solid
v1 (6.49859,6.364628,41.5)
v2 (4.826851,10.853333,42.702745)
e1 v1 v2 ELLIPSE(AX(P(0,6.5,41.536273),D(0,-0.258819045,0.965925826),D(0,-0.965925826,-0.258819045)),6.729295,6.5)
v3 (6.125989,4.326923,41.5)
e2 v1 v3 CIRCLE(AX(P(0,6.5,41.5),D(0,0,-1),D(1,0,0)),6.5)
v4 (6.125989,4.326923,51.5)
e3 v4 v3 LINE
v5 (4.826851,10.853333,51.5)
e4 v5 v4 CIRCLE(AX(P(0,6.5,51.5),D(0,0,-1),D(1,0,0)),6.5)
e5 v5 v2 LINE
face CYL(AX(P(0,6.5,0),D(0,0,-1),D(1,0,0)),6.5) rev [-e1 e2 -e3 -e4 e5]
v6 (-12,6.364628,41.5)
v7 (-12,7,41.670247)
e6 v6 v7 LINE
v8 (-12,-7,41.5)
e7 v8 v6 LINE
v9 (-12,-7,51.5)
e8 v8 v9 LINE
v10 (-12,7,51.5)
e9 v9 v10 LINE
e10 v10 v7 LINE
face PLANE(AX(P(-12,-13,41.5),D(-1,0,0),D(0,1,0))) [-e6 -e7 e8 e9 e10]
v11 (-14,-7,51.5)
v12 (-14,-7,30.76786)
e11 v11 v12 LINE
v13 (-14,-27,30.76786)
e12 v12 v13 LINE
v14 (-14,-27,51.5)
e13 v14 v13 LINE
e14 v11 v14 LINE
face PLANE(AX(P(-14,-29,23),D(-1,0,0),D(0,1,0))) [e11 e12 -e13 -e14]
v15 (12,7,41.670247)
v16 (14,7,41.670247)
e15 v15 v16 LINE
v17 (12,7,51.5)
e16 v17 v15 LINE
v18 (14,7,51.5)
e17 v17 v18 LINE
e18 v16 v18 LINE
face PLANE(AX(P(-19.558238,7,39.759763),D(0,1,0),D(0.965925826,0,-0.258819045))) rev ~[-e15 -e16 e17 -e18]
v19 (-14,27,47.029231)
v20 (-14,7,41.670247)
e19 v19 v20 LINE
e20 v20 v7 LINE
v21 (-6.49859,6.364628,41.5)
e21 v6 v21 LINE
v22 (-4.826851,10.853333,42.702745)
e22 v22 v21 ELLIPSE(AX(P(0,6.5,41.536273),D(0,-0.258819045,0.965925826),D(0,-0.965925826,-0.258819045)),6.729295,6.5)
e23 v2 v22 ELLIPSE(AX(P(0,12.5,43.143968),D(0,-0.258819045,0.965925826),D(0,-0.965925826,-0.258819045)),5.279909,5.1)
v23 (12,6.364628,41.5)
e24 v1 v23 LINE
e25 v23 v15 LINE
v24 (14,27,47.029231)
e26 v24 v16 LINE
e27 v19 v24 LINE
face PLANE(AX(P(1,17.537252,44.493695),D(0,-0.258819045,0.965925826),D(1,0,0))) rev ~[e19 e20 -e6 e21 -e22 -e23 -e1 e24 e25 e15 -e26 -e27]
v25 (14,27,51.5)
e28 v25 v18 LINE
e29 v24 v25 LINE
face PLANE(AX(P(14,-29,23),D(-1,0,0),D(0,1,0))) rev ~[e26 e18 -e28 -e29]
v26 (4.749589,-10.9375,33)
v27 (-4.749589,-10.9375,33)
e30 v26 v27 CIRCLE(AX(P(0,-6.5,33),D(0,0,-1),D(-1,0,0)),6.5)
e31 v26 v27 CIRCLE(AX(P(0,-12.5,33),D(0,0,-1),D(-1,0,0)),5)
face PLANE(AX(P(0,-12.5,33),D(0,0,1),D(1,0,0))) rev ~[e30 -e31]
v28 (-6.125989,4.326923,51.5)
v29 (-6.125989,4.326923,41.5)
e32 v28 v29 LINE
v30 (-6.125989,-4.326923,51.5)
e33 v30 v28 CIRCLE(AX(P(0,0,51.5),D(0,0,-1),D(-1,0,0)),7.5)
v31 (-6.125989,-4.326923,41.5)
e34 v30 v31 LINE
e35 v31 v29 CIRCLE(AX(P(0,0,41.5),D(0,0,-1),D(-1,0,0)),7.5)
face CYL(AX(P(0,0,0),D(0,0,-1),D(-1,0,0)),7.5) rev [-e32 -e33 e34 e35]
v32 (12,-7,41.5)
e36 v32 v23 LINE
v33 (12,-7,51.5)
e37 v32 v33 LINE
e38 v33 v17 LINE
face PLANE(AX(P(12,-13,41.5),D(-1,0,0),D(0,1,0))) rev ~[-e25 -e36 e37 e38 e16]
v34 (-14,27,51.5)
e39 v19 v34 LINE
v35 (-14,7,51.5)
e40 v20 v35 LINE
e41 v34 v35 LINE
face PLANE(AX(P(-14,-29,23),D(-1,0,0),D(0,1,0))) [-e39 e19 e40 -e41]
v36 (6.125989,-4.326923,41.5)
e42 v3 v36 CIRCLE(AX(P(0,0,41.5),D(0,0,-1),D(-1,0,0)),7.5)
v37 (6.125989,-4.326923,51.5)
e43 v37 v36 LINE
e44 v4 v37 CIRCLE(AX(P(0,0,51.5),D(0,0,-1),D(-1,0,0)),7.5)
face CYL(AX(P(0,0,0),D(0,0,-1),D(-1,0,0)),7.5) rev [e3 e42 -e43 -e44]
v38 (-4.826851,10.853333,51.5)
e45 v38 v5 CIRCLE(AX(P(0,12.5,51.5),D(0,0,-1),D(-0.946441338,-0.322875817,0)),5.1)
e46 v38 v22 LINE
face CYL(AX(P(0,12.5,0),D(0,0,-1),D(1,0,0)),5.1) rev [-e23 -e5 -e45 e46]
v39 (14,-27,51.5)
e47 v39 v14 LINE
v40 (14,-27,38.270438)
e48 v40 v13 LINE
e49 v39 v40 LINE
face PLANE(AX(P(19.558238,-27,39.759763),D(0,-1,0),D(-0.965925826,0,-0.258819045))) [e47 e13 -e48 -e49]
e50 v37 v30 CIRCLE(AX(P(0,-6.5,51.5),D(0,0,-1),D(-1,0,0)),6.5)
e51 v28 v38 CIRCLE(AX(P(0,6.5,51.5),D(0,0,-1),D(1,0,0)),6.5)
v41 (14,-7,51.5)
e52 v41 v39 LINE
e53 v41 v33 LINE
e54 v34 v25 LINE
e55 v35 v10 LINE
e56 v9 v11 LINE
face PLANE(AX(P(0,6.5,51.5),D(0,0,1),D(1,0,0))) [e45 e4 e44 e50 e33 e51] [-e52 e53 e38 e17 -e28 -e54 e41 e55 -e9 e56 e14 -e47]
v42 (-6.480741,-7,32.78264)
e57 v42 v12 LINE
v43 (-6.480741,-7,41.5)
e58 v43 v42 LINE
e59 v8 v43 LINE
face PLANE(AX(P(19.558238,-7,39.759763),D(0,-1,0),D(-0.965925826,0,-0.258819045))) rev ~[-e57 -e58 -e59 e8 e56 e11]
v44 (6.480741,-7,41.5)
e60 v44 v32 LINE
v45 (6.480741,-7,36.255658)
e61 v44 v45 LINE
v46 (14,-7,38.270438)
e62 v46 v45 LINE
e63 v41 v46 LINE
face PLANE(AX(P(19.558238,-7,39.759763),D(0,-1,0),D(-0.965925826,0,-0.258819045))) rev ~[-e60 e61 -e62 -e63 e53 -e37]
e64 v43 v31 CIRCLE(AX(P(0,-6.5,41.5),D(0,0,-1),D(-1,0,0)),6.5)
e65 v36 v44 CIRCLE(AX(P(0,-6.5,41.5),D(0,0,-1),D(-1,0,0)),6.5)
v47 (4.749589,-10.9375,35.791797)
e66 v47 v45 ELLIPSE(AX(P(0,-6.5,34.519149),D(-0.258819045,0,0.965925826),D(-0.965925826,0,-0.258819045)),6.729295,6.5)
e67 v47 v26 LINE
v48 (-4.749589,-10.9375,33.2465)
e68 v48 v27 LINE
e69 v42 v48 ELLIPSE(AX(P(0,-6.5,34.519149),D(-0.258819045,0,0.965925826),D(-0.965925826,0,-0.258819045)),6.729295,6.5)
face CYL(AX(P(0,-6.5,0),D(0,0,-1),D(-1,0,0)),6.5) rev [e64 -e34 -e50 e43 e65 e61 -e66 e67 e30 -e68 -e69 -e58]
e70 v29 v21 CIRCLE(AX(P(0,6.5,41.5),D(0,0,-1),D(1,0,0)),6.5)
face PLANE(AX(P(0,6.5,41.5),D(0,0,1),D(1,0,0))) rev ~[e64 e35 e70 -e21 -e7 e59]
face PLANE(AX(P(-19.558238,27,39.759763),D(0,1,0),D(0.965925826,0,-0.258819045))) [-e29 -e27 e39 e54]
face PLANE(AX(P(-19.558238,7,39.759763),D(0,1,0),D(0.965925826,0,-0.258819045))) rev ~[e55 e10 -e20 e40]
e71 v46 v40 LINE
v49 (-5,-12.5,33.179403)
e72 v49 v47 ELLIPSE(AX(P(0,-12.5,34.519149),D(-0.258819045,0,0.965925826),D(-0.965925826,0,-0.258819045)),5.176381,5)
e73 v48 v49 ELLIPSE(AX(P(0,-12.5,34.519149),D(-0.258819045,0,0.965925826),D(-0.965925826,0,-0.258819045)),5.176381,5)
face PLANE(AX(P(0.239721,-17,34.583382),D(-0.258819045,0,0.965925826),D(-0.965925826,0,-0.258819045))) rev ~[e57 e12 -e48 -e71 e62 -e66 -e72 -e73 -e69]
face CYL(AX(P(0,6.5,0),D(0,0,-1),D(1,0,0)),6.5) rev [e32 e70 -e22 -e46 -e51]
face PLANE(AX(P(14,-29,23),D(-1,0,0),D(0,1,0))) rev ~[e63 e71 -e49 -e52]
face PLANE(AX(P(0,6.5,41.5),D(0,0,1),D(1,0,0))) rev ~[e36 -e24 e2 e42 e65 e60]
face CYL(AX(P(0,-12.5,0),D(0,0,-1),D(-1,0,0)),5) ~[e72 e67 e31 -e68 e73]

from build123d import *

# Parameters (mm, degrees)
BOX005_W                  = 12
BOX005_H                  = 60
BOX005_DEPTH              = 30
BOX006_W                  = 12
BOX006_H                  = 60
BOX006_DEPTH              = 30
BOX004_W                  = 50
BOX004_H                  = 30
BOX004_DEPTH              = 19
BOX004_PLACEMENT_ANGLE    = 15
CYLINDER012_R             = 5.1
CYLINDER012_DEPTH         = 50
CYLINDER007_R             = 7.5
CYLINDER007_DEPTH         = 70
CYLINDER009_R             = 6.5
CYLINDER009_DEPTH         = 70
CYLINDER010_R             = 7.5
CYLINDER010_DEPTH         = 70
CYLINDER011_R             = 6.5
CYLINDER011_DEPTH         = 70
FUSION007_PLACEMENT_ANGLE = 180
CYLINDER008_R             = 5.1
CYLINDER008_DEPTH         = 70
BOX003_W                  = 57
BOX003_H                  = 59
BOX003_DEPTH              = 20
CYLINDER004_R             = 6.35
CYLINDER004_DEPTH         = 50
BOX_W                     = 40
BOX_H                     = 20
BOX_DEPTH                 = 30
BOX_PLACEMENT_ANGLE       = 15
CYLINDER001_R             = 5
CYLINDER001_DEPTH         = 50
CYLINDER006_R             = 6.35
CYLINDER006_DEPTH         = 50
BOX001_W                  = 40
BOX001_H                  = 20
BOX001_DEPTH              = 30
BOX001_PLACEMENT_ANGLE    = 15
CYLINDER005_R             = 5
CYLINDER005_DEPTH         = 50
FUSION003_PLACEMENT_ANGLE = 180
BOX002_W                  = 24
BOX002_H                  = 39
BOX002_DEPTH              = 10


with BuildPart() as cube005:
    # Box005 → Box005 (new body)
    with BuildSketch(Plane(origin=(14, -29, 23), x_dir=(1, 0, 0), z_dir=(0, 0, 1))):
        with Locations((6, 30)):
            Rectangle(BOX005_W, BOX005_H)
    extrude(amount=BOX005_DEPTH)


with BuildPart() as fusion009:
    # Box006 → Box006 (new body)
    with BuildSketch(Plane(origin=(-26, -29, 23), x_dir=(1, 0, 0), z_dir=(0, 0, 1))):
        with Locations((6, 30)):
            Rectangle(BOX006_W, BOX006_H)
    extrude(amount=BOX006_DEPTH)

    # Fusion009: union Cube005
    add(cube005.part)


with BuildPart() as cube004:
    # Box004 → Box004 (new body)
    with BuildSketch(Plane.XY):
        with Locations((25, 15)):
            Rectangle(BOX004_W, BOX004_H)
    extrude(amount=BOX004_DEPTH)


with BuildPart() as cube004_1:
    # Box004 placement: moved
    add(cube004.part.moved(Location((-24, 7.965926, 22.258819))).rotate(Axis((-24, 7.965926, 22.258819), (1, 0, 0)), BOX004_PLACEMENT_ANGLE))


with BuildPart() as bevilpin005:
    # Cylinder012 → Cylinder012 (new body)
    with BuildSketch(Plane(origin=(0, -12.5, -17), x_dir=(1, 0, 0), z_dir=(0, 0, 1))):
        Circle(CYLINDER012_R)
    extrude(amount=CYLINDER012_DEPTH)


with BuildPart() as bevilpin003:
    # Cylinder007 → Cylinder007 (new body)
    with BuildSketch(Plane.XY):
        Circle(CYLINDER007_R)
    extrude(amount=CYLINDER007_DEPTH)


with BuildPart() as fusion006:
    # Cylinder009 → Cylinder009 (new body)
    with BuildSketch(Plane(origin=(0, 6.5, 0), x_dir=(1, 0, 0), z_dir=(0, 0, 1))):
        Circle(CYLINDER009_R)
    extrude(amount=CYLINDER009_DEPTH)

    # Fusion006: union bevilPin003
    add(bevilpin003.part)


with BuildPart() as bevilpin004:
    # Cylinder010 → Cylinder010 (new body)
    with BuildSketch(Plane.XY):
        Circle(CYLINDER010_R)
    extrude(amount=CYLINDER010_DEPTH)


with BuildPart() as fusion008:
    # Cylinder011 → Cylinder011 (new body)
    with BuildSketch(Plane(origin=(0, 6.5, 0), x_dir=(1, 0, 0), z_dir=(0, 0, 1))):
        Circle(CYLINDER011_R)
    extrude(amount=CYLINDER011_DEPTH)

    # Fusion007: union bevilPin004
    add(bevilpin004.part)


with BuildPart() as fusion008_1:
    # Fusion007 placement: moved
    add(fusion008.part.rotate(Axis((0, 0, 0), (0, 0, 1)), FUSION007_PLACEMENT_ANGLE))

    # Fusion008: union Fusion006
    add(fusion006.part)


with BuildPart() as cylinder008:
    # Cylinder008 → Cylinder008 (new body)
    with BuildSketch(Plane(origin=(0, 12.5, 0), x_dir=(1, 0, 0), z_dir=(0, 0, 1))):
        Circle(CYLINDER008_R)
    extrude(amount=CYLINDER008_DEPTH)


with BuildPart() as cube003:
    # Box003 → Box003 (new body)
    with BuildSketch(Plane(origin=(-29.5, -29, 51.5), x_dir=(1, 0, 0), z_dir=(0, 0, 1))):
        with Locations((28.5, 29.5)):
            Rectangle(BOX003_W, BOX003_H)
    extrude(amount=BOX003_DEPTH)


with BuildPart() as bevilpin001:
    # Cylinder004 → Cylinder004 (new body)
    with BuildSketch(Plane.XY):
        Circle(CYLINDER004_R)
    extrude(amount=CYLINDER004_DEPTH)


with BuildPart() as cube:
    # Box → Box (new body)
    with BuildSketch(Plane.XY):
        with Locations((20, 10)):
            Rectangle(BOX_W, BOX_H)
    extrude(amount=BOX_DEPTH)


with BuildPart() as cube_1:
    # Box placement: moved
    add(cube.part.moved(Location((-19.558238, 7, 39.759763))).rotate(Axis((-19.558238, 7, 39.759763), (0, 1, 0)), BOX_PLACEMENT_ANGLE))


with BuildPart() as fusion001:
    # Cylinder001 → Cylinder001 (new body)
    with BuildSketch(Plane(origin=(0, 12.5, 0), x_dir=(1, 0, 0), z_dir=(0, 0, 1))):
        Circle(CYLINDER001_R)
    extrude(amount=CYLINDER001_DEPTH)

    # Fusion: union Cube
    add(cube_1.part)

    # Fusion001: union bevilPin001
    add(bevilpin001.part)


with BuildPart() as bevilpin002:
    # Cylinder006 → Cylinder006 (new body)
    with BuildSketch(Plane.XY):
        Circle(CYLINDER006_R)
    extrude(amount=CYLINDER006_DEPTH)


with BuildPart() as cube001:
    # Box001 → Box001 (new body)
    with BuildSketch(Plane.XY):
        with Locations((20, 10)):
            Rectangle(BOX001_W, BOX001_H)
    extrude(amount=BOX001_DEPTH)


with BuildPart() as cube001_1:
    # Box001 placement: moved
    add(cube001.part.moved(Location((-19.558238, 7, 39.759763))).rotate(Axis((-19.558238, 7, 39.759763), (0, 1, 0)), BOX001_PLACEMENT_ANGLE))


with BuildPart() as fusion004:
    # Cylinder005 → Cylinder005 (new body)
    with BuildSketch(Plane(origin=(0, 12.5, 0), x_dir=(1, 0, 0), z_dir=(0, 0, 1))):
        Circle(CYLINDER005_R)
    extrude(amount=CYLINDER005_DEPTH)

    # Fusion002: union Cube001
    add(cube001_1.part)

    # Fusion003: union bevilPin002
    add(bevilpin002.part)


with BuildPart() as fusion004_1:
    # Fusion003 placement: moved
    add(fusion004.part.rotate(Axis((0, 0, 0), (0, 0, 1)), FUSION003_PLACEMENT_ANGLE))

    # Fusion004: union Fusion001
    add(fusion001.part)


with BuildPart() as cut005:
    # Box002 → Box002 (new body)
    with BuildSketch(Plane(origin=(-12, -13, 41.5), x_dir=(1, 0, 0), z_dir=(0, 0, 1))):
        with Locations((12, 19.5)):
            Rectangle(BOX002_W, BOX002_H)
    extrude(amount=BOX002_DEPTH)

    # Fusion005: union Fusion004
    add(fusion004_1.part)

    # Cut: cut Cube003
    add(cube003.part, mode=Mode.SUBTRACT)

    # Cut001: cut Cylinder008
    add(cylinder008.part, mode=Mode.SUBTRACT)

    # Cut002: cut Fusion008
    add(fusion008_1.part, mode=Mode.SUBTRACT)

    # Cut003: cut bevilPin005
    add(bevilpin005.part, mode=Mode.SUBTRACT)

    # Cut004: cut Cube004
    add(cube004_1.part, mode=Mode.SUBTRACT)

    # Cut005: cut Fusion009
    add(fusion009.part, mode=Mode.SUBTRACT)


solid = cut005.part
